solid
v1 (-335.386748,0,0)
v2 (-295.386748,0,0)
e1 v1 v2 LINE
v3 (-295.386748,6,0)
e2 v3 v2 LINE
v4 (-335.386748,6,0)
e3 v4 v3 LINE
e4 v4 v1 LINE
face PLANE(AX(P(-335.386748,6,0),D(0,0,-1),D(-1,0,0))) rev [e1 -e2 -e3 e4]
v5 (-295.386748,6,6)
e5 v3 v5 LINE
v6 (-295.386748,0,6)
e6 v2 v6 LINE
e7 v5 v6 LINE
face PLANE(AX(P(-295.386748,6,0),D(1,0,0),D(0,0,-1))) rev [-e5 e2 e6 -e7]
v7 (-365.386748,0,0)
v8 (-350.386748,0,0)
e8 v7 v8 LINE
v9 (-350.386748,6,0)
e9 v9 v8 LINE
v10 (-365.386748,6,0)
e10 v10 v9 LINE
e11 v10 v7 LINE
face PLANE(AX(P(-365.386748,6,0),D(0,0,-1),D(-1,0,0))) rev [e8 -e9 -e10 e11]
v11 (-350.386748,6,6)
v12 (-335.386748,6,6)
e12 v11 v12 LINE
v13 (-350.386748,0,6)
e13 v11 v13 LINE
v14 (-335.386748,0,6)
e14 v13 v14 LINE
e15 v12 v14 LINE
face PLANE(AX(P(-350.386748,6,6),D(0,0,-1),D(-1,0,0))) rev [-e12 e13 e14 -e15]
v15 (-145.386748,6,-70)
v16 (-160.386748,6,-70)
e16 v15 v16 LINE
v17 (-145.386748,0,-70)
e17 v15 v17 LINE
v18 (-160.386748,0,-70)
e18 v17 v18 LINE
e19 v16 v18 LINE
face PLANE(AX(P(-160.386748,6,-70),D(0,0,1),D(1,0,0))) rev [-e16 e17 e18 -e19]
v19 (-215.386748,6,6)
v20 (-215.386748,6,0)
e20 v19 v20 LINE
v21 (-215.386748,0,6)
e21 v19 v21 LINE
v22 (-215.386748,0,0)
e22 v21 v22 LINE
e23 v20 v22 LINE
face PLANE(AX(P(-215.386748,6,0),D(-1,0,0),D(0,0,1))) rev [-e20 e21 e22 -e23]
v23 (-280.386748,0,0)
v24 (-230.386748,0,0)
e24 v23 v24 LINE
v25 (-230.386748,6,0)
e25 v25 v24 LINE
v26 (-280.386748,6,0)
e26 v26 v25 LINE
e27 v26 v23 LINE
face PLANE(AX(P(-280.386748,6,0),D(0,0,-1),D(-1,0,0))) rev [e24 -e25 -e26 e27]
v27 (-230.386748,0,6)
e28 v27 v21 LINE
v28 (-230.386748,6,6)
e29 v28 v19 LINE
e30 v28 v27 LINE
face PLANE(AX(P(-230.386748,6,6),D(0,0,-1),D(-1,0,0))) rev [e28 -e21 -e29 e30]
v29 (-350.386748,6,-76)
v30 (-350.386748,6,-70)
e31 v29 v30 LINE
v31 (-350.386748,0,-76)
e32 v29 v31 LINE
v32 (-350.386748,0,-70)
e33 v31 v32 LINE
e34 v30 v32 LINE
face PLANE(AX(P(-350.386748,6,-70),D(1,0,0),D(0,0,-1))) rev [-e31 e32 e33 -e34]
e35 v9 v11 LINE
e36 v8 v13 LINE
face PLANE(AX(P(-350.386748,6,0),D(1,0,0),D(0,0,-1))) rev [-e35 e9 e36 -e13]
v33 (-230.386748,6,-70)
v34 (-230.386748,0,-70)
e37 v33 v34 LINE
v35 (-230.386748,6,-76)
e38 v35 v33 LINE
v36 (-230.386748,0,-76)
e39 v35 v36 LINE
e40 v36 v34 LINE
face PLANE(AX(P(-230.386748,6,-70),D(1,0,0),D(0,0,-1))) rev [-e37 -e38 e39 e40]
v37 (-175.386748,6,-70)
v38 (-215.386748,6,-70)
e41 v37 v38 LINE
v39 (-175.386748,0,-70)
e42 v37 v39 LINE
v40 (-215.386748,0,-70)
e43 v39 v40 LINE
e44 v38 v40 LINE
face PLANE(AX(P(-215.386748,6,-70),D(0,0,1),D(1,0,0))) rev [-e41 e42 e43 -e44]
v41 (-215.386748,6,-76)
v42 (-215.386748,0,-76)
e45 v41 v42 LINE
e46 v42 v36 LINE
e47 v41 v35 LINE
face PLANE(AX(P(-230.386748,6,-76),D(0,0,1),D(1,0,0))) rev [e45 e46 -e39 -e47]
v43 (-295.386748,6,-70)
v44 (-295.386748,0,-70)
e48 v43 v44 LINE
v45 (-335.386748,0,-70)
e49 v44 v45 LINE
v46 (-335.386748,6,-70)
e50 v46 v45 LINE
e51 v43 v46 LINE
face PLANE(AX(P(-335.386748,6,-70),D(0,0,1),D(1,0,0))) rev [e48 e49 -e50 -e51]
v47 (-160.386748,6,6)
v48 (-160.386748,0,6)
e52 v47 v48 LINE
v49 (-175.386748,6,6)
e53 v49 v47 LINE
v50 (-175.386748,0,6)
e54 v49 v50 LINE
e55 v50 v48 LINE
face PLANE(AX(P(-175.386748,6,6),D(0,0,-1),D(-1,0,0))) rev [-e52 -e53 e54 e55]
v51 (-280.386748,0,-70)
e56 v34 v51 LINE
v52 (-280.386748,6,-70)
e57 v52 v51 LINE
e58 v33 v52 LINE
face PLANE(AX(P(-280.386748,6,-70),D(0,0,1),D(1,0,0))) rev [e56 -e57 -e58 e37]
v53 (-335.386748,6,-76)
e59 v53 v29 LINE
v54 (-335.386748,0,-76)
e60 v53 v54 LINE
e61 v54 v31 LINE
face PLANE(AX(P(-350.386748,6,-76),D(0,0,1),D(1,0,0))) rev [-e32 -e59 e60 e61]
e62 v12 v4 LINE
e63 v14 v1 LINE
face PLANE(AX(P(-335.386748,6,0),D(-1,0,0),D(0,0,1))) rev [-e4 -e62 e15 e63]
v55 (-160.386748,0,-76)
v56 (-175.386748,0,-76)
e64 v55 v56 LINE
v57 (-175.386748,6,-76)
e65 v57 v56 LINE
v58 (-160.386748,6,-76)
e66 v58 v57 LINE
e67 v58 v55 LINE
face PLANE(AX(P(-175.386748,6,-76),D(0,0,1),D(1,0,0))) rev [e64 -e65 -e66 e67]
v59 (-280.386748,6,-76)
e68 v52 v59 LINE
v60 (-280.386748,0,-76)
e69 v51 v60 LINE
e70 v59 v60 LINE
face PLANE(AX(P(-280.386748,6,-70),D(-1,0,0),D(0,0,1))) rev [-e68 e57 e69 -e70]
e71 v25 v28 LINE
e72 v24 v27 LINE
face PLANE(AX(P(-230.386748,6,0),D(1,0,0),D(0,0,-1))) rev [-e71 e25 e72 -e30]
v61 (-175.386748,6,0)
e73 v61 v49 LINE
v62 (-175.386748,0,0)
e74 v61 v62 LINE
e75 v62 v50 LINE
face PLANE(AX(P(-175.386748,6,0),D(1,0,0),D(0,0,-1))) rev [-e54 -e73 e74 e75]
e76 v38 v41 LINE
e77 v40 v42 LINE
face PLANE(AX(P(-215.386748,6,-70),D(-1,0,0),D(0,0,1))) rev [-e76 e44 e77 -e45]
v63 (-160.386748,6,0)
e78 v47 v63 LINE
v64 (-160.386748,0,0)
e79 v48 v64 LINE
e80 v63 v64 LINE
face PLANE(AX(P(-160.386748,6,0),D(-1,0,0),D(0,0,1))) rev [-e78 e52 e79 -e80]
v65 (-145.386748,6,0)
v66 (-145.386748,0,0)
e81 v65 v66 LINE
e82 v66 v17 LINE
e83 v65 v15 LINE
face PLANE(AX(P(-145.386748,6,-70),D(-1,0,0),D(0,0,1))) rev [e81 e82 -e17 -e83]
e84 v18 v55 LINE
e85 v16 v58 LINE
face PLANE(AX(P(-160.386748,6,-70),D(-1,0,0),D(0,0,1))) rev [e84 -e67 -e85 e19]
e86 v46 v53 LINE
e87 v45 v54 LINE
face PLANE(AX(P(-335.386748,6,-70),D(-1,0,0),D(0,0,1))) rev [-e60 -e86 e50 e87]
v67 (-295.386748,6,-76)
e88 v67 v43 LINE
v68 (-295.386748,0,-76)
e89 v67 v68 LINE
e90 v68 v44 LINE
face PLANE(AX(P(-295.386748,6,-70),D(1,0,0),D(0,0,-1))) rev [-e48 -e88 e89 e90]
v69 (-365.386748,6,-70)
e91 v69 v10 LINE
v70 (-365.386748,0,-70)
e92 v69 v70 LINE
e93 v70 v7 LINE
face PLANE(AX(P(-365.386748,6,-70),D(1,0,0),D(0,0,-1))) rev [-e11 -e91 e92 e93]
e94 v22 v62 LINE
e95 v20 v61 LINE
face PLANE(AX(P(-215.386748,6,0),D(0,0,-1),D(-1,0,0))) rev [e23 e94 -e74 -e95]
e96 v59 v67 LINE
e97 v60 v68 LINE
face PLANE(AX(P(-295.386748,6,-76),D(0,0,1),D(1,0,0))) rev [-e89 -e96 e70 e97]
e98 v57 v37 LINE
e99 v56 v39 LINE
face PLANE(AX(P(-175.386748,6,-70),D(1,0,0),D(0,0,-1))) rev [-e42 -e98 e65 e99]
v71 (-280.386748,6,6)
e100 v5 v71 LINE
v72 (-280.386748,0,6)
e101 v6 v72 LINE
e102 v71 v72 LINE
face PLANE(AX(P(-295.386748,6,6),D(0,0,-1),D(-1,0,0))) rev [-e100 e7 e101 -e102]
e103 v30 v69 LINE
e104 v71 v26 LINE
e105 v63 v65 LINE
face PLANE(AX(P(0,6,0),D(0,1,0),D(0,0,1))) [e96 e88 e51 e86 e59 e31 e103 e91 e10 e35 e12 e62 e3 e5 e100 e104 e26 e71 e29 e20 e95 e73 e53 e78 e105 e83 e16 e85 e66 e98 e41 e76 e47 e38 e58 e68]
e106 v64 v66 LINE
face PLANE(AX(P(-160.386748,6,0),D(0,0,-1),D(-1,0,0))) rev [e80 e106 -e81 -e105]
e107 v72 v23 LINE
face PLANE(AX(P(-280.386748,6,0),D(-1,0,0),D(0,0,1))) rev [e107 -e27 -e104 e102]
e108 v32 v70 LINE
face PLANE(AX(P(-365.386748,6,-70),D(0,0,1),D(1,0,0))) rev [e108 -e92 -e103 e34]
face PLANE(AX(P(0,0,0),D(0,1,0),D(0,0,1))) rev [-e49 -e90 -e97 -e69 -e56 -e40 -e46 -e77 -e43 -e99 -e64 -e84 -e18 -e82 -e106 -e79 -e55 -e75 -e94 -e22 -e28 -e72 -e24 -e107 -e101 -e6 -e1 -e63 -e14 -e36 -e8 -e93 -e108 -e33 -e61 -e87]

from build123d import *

# Parameters (mm, degrees)
BOSS_EXTRUDE1_DEPTH = 6


with BuildPart() as part:
    # Sketch1 → Boss-Extrude1 (new body)
    with BuildSketch(Plane(origin=(0, 0, 0), x_dir=(1, 0, 0), z_dir=(0, 1, 0))):
        Polygon((-160.386748432, 70), (-145.386748432, 70), (-145.386748432, 0), (-160.386748432, 0), (-160.386748432, -6), (-175.386748432, -6), (-175.386748432, 0), (-215.386748432, 0), (-215.386748432, -6), (-230.386748432, -6), (-230.386748432, 0), (-280.386748432, 0), (-280.386748432, -6), (-295.386748432, -6), (-295.386748432, 0), (-335.386748432, 0), (-335.386748432, -6), (-350.386748432, -6), (-350.386748432, 0), (-365.386748432, 0), (-365.386748432, 70), (-350.386748432, 70), (-350.386748432, 76), (-335.386748432, 76), (-335.386748432, 70), (-295.386748432, 70), (-295.386748432, 76), (-280.386748432, 76), (-280.386748432, 70), (-230.386748432, 70), (-230.386748432, 76), (-215.386748432, 76), (-215.386748432, 70), (-175.386748432, 70), (-175.386748432, 76), (-160.386748432, 76), align=None)
    extrude(amount=BOSS_EXTRUDE1_DEPTH)


solid = part.part
